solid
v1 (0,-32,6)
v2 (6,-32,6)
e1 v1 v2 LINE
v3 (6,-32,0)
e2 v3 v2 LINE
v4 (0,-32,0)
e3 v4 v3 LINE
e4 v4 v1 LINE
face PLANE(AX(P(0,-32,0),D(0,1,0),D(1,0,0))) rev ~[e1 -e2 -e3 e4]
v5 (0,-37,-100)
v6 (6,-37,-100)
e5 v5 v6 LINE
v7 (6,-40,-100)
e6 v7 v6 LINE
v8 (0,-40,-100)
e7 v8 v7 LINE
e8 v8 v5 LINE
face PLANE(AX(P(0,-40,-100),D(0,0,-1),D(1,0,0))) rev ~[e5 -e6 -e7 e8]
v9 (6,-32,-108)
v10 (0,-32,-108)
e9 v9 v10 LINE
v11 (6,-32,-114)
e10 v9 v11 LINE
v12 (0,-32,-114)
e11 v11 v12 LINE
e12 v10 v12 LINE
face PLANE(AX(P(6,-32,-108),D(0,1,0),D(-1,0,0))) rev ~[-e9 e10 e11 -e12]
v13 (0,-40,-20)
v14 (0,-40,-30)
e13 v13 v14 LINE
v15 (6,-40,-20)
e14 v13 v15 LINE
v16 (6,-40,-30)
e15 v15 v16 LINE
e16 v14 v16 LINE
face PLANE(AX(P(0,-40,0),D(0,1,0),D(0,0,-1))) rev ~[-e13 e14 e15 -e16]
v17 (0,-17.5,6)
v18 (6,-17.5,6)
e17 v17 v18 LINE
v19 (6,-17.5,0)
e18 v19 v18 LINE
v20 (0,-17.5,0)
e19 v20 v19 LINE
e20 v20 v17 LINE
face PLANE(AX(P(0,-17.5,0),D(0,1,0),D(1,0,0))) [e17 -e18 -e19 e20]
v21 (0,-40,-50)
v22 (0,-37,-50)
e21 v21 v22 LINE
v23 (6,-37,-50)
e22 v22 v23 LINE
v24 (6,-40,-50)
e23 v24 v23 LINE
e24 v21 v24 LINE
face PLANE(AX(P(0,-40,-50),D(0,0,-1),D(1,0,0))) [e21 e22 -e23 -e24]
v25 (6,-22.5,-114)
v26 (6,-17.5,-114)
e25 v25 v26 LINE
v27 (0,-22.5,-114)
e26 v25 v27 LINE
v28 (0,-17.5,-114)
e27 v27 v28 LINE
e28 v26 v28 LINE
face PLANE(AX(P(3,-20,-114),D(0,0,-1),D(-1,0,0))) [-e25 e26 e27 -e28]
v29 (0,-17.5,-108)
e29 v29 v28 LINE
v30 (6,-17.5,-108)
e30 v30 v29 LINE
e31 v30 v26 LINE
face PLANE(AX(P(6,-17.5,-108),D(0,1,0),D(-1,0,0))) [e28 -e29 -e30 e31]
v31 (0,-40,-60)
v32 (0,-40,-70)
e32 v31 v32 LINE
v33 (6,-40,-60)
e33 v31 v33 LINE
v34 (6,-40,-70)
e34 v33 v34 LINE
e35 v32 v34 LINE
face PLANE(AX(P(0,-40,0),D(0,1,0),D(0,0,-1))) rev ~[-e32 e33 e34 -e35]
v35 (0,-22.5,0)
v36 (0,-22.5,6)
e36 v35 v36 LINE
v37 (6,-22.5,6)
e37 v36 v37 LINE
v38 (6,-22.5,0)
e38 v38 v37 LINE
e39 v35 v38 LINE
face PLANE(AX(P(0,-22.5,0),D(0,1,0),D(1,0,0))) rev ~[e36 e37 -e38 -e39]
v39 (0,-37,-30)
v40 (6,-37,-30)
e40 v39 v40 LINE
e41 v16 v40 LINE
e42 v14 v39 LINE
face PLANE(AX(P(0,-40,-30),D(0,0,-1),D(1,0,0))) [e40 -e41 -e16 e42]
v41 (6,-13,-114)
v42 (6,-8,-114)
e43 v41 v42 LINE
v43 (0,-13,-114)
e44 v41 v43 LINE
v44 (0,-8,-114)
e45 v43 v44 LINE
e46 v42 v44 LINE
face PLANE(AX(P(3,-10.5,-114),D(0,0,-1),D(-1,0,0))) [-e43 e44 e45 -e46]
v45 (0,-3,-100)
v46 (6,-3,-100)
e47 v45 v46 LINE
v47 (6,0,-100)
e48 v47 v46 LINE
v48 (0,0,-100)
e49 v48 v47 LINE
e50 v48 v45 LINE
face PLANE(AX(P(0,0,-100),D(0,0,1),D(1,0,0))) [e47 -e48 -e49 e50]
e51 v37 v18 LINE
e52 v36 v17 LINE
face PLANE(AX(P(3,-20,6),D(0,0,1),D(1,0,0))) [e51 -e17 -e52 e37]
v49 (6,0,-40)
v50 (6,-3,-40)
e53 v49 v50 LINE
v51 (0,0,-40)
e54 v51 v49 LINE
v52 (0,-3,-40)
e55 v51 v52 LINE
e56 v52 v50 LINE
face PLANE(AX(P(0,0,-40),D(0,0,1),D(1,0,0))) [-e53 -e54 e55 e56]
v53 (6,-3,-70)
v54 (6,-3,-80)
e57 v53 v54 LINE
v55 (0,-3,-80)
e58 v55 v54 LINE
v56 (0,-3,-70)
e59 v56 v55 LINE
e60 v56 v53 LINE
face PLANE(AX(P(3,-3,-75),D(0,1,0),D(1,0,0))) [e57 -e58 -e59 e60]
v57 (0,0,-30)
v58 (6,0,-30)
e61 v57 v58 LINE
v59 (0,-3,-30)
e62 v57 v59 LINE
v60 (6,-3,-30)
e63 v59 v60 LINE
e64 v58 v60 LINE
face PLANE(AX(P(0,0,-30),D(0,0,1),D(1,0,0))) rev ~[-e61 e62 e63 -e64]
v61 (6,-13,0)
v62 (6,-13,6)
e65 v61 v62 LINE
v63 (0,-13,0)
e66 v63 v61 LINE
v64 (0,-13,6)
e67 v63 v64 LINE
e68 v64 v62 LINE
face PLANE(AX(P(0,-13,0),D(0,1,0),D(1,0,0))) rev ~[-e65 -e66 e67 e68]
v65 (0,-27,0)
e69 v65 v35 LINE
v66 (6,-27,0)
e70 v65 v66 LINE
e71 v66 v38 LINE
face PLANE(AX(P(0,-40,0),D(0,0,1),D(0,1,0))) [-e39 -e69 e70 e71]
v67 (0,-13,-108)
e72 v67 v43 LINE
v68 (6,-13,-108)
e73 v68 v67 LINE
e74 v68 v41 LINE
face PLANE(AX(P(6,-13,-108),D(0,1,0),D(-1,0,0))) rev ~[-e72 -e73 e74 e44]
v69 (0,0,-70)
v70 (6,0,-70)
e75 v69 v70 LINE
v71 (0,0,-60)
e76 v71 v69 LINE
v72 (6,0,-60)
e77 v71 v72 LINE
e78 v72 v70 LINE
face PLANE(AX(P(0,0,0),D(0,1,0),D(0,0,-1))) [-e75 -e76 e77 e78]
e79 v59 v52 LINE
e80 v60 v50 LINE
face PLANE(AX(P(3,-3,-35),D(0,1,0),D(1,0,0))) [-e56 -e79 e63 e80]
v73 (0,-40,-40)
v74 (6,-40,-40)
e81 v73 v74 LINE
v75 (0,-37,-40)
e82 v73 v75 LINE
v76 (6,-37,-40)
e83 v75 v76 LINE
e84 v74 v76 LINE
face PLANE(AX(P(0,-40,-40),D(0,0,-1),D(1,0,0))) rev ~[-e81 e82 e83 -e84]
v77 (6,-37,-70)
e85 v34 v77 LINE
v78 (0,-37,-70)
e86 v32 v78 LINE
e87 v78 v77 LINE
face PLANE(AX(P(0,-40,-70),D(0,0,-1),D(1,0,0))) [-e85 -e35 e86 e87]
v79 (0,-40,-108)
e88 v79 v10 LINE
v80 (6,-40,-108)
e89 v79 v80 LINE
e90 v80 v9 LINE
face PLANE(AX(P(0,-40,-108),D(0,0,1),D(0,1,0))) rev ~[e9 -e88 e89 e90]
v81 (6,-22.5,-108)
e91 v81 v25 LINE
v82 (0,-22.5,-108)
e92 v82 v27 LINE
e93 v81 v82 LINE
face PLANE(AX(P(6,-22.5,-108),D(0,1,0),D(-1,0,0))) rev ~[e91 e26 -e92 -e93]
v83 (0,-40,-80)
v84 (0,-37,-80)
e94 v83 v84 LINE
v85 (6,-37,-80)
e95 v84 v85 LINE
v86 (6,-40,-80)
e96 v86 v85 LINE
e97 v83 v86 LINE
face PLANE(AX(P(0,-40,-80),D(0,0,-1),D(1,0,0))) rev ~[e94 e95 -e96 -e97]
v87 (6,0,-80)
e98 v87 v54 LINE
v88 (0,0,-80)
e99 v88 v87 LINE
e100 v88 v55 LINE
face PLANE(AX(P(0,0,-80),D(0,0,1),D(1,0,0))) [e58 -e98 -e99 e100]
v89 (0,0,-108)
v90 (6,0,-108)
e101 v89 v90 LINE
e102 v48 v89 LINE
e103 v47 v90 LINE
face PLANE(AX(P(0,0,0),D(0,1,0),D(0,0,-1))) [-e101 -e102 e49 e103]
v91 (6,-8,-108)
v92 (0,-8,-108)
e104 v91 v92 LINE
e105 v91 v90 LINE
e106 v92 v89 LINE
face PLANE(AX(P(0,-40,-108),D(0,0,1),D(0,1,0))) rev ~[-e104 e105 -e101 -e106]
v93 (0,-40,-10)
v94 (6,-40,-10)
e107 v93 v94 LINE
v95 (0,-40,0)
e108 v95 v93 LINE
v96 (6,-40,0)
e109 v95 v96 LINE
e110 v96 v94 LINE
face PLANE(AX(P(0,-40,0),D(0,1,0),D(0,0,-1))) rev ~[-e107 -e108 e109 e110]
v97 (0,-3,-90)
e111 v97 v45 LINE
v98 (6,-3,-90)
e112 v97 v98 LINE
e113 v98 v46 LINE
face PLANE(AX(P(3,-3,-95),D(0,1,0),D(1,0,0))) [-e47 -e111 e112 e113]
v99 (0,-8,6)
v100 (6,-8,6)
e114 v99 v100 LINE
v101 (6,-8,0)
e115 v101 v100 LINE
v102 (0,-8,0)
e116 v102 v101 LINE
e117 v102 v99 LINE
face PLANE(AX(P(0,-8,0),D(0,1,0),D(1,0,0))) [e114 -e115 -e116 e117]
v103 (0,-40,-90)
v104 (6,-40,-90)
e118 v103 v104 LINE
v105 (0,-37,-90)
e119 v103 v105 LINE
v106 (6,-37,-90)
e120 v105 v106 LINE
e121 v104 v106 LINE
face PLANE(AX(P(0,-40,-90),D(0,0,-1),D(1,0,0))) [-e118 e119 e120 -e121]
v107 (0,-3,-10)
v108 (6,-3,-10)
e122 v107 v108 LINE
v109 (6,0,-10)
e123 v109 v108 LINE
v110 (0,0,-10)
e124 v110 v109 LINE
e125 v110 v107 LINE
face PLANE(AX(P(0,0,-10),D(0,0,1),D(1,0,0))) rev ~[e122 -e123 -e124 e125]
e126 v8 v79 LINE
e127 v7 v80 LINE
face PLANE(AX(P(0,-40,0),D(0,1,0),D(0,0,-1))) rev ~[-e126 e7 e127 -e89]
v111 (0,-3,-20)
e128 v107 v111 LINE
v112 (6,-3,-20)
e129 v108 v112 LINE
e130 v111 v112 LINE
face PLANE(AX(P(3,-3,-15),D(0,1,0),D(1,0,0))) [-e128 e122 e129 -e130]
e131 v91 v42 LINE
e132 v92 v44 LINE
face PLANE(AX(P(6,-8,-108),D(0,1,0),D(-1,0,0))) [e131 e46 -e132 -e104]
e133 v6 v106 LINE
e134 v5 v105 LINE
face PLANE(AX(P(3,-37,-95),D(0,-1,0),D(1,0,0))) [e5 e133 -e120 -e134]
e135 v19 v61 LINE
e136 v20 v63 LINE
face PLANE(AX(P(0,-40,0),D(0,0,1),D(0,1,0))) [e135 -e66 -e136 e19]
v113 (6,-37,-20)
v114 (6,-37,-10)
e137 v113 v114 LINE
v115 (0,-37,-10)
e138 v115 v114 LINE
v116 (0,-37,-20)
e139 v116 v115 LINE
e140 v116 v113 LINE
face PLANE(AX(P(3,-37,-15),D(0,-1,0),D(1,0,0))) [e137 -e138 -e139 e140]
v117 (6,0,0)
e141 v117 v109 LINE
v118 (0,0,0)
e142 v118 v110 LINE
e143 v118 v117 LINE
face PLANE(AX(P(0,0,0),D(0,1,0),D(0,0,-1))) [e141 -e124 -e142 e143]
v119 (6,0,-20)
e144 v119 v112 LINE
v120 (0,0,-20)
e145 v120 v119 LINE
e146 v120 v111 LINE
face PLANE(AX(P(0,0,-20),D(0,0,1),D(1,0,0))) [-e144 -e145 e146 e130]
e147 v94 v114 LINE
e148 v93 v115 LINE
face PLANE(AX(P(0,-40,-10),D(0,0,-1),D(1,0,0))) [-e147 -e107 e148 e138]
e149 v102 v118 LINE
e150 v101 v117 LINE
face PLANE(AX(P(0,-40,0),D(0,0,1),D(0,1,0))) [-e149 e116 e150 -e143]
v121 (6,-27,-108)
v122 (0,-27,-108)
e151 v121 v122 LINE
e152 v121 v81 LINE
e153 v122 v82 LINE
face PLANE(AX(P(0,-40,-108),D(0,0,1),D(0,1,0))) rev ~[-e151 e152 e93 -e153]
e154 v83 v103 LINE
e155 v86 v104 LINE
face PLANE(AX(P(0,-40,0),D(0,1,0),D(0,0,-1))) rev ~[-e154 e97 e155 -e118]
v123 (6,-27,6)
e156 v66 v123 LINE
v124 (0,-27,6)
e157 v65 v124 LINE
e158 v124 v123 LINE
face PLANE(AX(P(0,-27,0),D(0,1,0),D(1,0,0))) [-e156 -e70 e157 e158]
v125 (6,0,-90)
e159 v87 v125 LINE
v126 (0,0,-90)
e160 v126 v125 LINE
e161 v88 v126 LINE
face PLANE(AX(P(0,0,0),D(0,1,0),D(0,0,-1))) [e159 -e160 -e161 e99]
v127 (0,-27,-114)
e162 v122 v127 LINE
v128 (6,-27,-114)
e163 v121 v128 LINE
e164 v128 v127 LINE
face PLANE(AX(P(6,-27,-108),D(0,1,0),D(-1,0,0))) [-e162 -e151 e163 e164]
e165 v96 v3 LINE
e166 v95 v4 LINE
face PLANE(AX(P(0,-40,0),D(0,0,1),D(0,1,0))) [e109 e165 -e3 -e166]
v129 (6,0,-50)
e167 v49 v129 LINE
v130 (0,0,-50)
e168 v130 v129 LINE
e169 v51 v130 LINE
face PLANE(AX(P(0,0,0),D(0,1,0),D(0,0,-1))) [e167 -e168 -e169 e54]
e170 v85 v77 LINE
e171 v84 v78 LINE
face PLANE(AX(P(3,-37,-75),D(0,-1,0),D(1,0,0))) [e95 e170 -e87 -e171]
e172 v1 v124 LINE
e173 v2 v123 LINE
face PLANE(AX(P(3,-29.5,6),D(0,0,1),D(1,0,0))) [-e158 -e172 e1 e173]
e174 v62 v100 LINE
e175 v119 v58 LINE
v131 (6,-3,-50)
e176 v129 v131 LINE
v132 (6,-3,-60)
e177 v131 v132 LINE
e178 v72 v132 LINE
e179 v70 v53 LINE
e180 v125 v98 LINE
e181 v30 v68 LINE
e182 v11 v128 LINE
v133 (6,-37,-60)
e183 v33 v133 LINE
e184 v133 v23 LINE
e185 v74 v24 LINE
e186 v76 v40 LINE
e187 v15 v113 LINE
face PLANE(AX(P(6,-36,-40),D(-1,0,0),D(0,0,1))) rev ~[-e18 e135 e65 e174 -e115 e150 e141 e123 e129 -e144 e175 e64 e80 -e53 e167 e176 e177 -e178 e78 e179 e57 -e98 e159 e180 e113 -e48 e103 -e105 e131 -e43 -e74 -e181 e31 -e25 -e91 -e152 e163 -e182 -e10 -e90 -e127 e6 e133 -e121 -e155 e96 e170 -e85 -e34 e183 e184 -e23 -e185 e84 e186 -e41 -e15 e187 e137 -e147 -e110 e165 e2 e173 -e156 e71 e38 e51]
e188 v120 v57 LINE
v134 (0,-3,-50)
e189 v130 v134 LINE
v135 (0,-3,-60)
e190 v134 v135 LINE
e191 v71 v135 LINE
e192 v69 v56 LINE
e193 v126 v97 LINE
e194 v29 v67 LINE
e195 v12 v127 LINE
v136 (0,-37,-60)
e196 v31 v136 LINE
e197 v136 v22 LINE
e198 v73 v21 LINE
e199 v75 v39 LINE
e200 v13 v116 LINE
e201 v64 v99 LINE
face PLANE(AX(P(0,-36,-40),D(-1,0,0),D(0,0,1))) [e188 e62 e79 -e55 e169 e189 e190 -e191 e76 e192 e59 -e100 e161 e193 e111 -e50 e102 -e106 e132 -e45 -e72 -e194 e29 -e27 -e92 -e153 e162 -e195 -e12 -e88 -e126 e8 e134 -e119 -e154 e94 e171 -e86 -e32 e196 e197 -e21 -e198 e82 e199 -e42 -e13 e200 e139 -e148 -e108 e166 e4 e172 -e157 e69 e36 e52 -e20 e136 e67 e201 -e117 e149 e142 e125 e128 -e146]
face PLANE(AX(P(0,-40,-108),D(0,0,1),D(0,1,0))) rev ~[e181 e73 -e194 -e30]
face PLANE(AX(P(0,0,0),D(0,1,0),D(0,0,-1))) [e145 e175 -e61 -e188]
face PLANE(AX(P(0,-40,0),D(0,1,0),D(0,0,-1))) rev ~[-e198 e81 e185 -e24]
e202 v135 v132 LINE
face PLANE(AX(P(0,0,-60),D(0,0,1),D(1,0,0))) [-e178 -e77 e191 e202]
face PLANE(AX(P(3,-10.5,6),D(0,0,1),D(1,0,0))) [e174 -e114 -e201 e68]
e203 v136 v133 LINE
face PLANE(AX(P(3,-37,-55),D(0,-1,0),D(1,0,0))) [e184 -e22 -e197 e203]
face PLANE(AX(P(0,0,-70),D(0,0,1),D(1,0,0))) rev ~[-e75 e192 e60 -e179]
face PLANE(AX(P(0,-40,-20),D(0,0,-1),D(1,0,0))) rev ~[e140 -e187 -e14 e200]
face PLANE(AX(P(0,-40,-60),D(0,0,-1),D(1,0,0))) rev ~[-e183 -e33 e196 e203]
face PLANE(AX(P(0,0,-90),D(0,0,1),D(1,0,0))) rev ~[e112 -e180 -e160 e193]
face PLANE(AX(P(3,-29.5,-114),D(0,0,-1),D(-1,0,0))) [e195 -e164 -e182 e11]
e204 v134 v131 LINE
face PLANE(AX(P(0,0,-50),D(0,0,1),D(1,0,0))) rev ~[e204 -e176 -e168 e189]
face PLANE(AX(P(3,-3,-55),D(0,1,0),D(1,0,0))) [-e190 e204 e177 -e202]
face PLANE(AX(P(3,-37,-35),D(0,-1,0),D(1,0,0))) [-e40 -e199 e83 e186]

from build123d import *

# Parameters (mm, degrees)
SKETCH_1_W             = 108
SKETCH_1_H             = 40
EXTRUDE_2_DEPTH        = 6
SKETCH_3_W             = 6
SKETCH_3_H             = 5
EXTRUDE_3_DEPTH        = 6
SKETCH_4_W             = 6
SKETCH_4_H             = 5
EXTRUDE_4_DEPTH        = 6
SKETCH_5_W             = 6
SKETCH_5_H             = 10
CUT_EXTRUDE_1_DEPTH    = 4
SKETCH_6_W             = 6
SKETCH_6_H             = 10
EXTRUDE_5_DEPTH        = 1
PATTERN_LINEAR_1_COUNT = 5
PATTERN_LINEAR_1_PITCH = 20
SKETCH_8_W             = 6
SKETCH_8_H             = 10
CUT_EXTRUDE_2_DEPTH    = 3


with BuildPart() as part:
    # Эскиз1 → Бобышка-Вытянуть2 (new body)
    with BuildSketch(Plane(origin=(0, 0, 0), x_dir=(0, 0, -1), z_dir=(1, 0, 0))):
        with Locations((54, -20)):
            Rectangle(SKETCH_1_W, SKETCH_1_H)
    extrude(amount=EXTRUDE_2_DEPTH)

    # Эскиз3 → Бобышка-Вытянуть3 (add)
    with BuildSketch(Plane.XY):
        with Locations((3, -10.5)):
            Rectangle(SKETCH_3_W, SKETCH_3_H)
        with Locations((3, -20)):
            Rectangle(SKETCH_3_W, SKETCH_3_H)
        with Locations((3, -29.5)):
            Rectangle(SKETCH_3_W, SKETCH_3_H)
    extrude(amount=EXTRUDE_3_DEPTH)

    # Эскиз4 → Бобышка-Вытянуть4 (add)
    with BuildSketch(Plane(origin=(0, 0, -108), x_dir=(-1, 0, 0), z_dir=(0, 0, -1))):
        with Locations((-3, -10.5)):
            Rectangle(SKETCH_4_W, SKETCH_4_H)
        with Locations((-3, -20)):
            Rectangle(SKETCH_4_W, SKETCH_4_H)
        with Locations((-3, -29.5)):
            Rectangle(SKETCH_4_W, SKETCH_4_H)
    extrude(amount=EXTRUDE_4_DEPTH)

    # Эскиз5 → Вырез-Вытянуть1 (cut)
    with BuildSketch(Plane.XZ.offset(40)):
        with Locations((3, -15)):
            Rectangle(SKETCH_5_W, SKETCH_5_H)
        with Locations((3, -35)):
            Rectangle(SKETCH_5_W, SKETCH_5_H)
        with Locations((3, -55)):
            Rectangle(SKETCH_5_W, SKETCH_5_H)
        with Locations((3, -75)):
            Rectangle(SKETCH_5_W, SKETCH_5_H)
        with Locations((3, -95)):
            Rectangle(SKETCH_5_W, SKETCH_5_H)
    extrude(amount=-CUT_EXTRUDE_1_DEPTH, mode=Mode.SUBTRACT)

    # Эскиз6 → Бобышка-Вытянуть5 (add)
    with BuildSketch(Plane.XZ.offset(36)):
        with Locations((3, -15)):
            Rectangle(SKETCH_6_W, SKETCH_6_H)
    extrude_5 = extrude(amount=EXTRUDE_5_DEPTH)

    # Линейный массив1: Бобышка-Вытянуть5 ×5
    with Locations(*[(0, 0, -i * PATTERN_LINEAR_1_PITCH) for i in range(1, PATTERN_LINEAR_1_COUNT)]):
        add(extrude_5)

    # Эскиз8 → Вырез-Вытянуть2 (cut)
    with BuildSketch(Plane(origin=(0, 0, 0), x_dir=(1, 0, 0), z_dir=(0, 1, 0))):
        with Locations((3, 15)):
            Rectangle(SKETCH_8_W, SKETCH_8_H)
        with Locations((3, 35)):
            Rectangle(SKETCH_8_W, SKETCH_8_H)
        with Locations((3, 55)):
            Rectangle(SKETCH_8_W, SKETCH_8_H)
        with Locations((3, 75)):
            Rectangle(SKETCH_8_W, SKETCH_8_H)
        with Locations((3, 95)):
            Rectangle(SKETCH_8_W, SKETCH_8_H)
    extrude(amount=-CUT_EXTRUDE_2_DEPTH, mode=Mode.SUBTRACT)


solid = part.part
